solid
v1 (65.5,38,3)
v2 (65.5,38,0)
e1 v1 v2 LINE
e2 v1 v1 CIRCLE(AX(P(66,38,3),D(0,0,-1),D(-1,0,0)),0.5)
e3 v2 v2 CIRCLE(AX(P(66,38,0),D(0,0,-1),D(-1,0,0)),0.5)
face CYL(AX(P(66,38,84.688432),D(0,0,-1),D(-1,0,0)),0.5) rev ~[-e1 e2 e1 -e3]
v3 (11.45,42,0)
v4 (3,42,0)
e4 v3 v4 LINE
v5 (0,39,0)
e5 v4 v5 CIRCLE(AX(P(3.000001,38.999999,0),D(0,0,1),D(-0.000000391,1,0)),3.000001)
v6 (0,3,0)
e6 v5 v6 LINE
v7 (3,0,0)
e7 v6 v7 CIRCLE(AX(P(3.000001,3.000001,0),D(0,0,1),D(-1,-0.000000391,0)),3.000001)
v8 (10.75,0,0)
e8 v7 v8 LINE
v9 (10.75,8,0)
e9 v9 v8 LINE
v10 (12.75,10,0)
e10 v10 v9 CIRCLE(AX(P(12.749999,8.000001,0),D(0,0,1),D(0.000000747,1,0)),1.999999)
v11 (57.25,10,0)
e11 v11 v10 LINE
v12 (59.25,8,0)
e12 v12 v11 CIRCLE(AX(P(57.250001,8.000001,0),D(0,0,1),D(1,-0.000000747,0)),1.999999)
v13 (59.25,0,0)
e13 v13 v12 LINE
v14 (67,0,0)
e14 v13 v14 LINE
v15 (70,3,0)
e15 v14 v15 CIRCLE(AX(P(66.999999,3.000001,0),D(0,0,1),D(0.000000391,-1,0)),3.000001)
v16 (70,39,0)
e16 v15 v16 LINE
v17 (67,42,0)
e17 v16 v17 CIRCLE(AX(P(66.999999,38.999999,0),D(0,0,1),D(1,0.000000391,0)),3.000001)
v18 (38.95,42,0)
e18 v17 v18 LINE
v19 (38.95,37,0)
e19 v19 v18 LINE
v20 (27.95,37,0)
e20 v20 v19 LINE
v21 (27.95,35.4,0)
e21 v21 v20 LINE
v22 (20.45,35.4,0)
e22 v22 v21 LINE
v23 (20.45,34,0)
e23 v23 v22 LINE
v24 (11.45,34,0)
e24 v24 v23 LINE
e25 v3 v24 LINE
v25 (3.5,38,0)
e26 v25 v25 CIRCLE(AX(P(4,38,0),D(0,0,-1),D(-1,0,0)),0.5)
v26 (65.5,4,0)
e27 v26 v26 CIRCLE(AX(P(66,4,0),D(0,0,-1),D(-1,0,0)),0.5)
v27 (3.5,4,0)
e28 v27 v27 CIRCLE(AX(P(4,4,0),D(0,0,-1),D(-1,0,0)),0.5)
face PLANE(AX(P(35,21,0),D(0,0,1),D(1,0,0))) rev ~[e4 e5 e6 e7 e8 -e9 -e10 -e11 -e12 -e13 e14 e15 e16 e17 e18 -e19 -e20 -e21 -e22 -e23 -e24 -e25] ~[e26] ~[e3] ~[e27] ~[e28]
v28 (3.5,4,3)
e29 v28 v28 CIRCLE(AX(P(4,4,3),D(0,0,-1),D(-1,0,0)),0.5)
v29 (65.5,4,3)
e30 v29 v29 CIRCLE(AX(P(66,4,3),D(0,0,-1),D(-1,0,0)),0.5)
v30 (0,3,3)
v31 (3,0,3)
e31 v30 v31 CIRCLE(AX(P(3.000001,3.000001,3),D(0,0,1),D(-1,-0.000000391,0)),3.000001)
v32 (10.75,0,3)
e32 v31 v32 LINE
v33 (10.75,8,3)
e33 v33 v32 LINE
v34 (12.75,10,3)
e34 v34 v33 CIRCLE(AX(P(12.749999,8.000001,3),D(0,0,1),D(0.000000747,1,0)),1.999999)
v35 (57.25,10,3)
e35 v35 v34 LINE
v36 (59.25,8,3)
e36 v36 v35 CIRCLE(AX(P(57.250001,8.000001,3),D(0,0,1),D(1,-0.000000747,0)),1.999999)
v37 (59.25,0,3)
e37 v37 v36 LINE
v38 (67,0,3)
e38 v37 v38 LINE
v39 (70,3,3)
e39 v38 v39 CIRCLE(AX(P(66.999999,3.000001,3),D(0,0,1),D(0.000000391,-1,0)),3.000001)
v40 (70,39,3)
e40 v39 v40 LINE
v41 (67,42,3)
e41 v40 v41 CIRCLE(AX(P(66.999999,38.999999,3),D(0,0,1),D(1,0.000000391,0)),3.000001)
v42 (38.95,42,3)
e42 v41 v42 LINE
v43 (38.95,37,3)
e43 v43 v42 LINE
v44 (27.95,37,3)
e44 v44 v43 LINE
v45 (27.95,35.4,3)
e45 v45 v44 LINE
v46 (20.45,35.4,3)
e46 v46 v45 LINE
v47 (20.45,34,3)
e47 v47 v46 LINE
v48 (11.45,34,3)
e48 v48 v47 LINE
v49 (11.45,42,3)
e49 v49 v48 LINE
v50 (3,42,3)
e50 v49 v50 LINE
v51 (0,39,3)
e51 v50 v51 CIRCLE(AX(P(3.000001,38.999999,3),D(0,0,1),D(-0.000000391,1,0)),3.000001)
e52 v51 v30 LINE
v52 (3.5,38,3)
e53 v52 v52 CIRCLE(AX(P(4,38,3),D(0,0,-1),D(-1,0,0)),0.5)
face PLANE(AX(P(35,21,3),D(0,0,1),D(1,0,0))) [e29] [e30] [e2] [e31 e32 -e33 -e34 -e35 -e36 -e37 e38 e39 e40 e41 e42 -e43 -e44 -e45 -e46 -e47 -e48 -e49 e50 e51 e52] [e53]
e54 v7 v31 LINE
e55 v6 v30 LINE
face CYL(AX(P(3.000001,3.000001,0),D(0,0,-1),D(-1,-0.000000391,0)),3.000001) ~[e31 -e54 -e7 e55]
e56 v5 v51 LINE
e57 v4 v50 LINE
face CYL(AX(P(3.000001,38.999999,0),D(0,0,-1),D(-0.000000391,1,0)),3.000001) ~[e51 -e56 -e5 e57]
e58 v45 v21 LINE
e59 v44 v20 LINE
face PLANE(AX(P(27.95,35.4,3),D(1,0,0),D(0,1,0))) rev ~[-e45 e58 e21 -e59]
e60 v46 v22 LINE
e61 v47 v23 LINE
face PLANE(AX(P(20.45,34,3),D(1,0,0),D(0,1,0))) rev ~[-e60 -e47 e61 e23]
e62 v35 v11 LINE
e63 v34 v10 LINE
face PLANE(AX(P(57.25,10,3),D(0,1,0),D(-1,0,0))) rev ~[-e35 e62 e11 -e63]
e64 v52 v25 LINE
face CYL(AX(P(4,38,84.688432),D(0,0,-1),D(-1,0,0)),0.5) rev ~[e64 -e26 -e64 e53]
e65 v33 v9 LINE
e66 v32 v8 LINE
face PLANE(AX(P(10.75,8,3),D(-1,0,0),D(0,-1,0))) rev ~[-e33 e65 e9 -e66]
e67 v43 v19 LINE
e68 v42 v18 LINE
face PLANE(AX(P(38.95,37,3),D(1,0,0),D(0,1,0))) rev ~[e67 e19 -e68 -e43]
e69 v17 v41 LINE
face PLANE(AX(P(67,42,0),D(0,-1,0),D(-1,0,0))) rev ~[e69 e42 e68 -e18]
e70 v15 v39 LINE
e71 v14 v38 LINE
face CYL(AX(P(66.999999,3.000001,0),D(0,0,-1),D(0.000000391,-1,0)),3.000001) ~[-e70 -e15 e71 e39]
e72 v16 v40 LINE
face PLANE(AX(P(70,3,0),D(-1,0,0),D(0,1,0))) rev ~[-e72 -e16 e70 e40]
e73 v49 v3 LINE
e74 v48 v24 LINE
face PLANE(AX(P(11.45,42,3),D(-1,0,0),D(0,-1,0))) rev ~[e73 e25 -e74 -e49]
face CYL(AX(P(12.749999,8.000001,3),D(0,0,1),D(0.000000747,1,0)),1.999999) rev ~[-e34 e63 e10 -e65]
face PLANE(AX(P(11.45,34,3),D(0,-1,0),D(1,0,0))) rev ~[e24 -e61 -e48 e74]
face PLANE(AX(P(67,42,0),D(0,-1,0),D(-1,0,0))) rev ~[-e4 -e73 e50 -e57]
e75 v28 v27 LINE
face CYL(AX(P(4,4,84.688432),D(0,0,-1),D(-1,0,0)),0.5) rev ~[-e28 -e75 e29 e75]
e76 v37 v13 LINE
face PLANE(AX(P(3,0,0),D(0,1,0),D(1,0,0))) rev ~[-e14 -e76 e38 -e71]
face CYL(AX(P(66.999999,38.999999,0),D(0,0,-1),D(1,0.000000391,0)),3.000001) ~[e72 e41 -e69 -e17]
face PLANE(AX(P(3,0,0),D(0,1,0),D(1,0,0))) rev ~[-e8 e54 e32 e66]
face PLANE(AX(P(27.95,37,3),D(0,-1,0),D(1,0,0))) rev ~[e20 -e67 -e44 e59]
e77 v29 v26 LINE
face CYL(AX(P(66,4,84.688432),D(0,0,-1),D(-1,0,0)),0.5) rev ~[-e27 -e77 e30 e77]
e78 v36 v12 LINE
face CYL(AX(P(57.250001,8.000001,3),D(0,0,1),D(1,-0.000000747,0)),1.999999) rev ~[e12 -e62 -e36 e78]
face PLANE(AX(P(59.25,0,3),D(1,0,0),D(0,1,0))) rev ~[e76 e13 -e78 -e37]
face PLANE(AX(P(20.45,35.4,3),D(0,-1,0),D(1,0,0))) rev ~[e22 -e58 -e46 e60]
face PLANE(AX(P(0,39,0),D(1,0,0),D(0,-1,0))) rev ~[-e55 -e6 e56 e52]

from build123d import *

# Parameters (mm, degrees)
F1_DEPTH = 3
F3_DEPTH = 3.001
F5_DEPTH = 3.001
F7_D     = 1


with BuildPart() as f1:
    # F0 (on Top) → F1 (new body)
    with BuildSketch(Plane.XY):
        with BuildLine():
            ThreePointArc((0, 3), (0.87868, 0.87868), (3, 0))
            Line((3, 0), (67, 0))
            ThreePointArc((67, 0), (69.12132, 0.87868), (70, 3))
            Line((70, 3), (70, 39))
            ThreePointArc((70, 39), (69.12132, 41.12132), (67, 42))
            Line((67, 42), (3, 42))
            ThreePointArc((3, 42), (0.87868, 41.12132), (0, 39))
            Line((0, 39), (0, 3))
        make_face()
    extrude(amount=F1_DEPTH)

    # F2 (on face) → F3 (cut, through all)
    with BuildSketch(Plane.XY.offset(3)):
        with BuildLine():
            Line((57.25, 10), (12.75, 10))
            ThreePointArc((12.75, 10), (11.335786, 9.414214), (10.75, 8))
            Line((10.75, 8), (10.75, 0))
            Line((10.75, 0), (59.25, 0))
            Line((59.25, 0), (59.25, 8))
            ThreePointArc((59.25, 8), (58.664214, 9.414214), (57.25, 10))
        make_face()
    extrude(amount=-F3_DEPTH, mode=Mode.SUBTRACT)

    # F4 (on face) → F5 (cut, through all)
    with BuildSketch(Plane.XY.offset(3)):
        Polygon((38.95, 37), (38.95, 42), (18.4, 42), (11.45, 42), (11.45, 34), (20.45, 34), (20.45, 35.4), (27.95, 35.4), (27.95, 37), align=None)
    extrude(amount=-F5_DEPTH, mode=Mode.SUBTRACT)

    # F7 (through all)
    with Locations(Plane.XY.offset(3)):
        with Locations((4, 38), (66, 38), (66, 4), (4, 4)):
            Hole(F7_D / 2)


solid = f1.part
